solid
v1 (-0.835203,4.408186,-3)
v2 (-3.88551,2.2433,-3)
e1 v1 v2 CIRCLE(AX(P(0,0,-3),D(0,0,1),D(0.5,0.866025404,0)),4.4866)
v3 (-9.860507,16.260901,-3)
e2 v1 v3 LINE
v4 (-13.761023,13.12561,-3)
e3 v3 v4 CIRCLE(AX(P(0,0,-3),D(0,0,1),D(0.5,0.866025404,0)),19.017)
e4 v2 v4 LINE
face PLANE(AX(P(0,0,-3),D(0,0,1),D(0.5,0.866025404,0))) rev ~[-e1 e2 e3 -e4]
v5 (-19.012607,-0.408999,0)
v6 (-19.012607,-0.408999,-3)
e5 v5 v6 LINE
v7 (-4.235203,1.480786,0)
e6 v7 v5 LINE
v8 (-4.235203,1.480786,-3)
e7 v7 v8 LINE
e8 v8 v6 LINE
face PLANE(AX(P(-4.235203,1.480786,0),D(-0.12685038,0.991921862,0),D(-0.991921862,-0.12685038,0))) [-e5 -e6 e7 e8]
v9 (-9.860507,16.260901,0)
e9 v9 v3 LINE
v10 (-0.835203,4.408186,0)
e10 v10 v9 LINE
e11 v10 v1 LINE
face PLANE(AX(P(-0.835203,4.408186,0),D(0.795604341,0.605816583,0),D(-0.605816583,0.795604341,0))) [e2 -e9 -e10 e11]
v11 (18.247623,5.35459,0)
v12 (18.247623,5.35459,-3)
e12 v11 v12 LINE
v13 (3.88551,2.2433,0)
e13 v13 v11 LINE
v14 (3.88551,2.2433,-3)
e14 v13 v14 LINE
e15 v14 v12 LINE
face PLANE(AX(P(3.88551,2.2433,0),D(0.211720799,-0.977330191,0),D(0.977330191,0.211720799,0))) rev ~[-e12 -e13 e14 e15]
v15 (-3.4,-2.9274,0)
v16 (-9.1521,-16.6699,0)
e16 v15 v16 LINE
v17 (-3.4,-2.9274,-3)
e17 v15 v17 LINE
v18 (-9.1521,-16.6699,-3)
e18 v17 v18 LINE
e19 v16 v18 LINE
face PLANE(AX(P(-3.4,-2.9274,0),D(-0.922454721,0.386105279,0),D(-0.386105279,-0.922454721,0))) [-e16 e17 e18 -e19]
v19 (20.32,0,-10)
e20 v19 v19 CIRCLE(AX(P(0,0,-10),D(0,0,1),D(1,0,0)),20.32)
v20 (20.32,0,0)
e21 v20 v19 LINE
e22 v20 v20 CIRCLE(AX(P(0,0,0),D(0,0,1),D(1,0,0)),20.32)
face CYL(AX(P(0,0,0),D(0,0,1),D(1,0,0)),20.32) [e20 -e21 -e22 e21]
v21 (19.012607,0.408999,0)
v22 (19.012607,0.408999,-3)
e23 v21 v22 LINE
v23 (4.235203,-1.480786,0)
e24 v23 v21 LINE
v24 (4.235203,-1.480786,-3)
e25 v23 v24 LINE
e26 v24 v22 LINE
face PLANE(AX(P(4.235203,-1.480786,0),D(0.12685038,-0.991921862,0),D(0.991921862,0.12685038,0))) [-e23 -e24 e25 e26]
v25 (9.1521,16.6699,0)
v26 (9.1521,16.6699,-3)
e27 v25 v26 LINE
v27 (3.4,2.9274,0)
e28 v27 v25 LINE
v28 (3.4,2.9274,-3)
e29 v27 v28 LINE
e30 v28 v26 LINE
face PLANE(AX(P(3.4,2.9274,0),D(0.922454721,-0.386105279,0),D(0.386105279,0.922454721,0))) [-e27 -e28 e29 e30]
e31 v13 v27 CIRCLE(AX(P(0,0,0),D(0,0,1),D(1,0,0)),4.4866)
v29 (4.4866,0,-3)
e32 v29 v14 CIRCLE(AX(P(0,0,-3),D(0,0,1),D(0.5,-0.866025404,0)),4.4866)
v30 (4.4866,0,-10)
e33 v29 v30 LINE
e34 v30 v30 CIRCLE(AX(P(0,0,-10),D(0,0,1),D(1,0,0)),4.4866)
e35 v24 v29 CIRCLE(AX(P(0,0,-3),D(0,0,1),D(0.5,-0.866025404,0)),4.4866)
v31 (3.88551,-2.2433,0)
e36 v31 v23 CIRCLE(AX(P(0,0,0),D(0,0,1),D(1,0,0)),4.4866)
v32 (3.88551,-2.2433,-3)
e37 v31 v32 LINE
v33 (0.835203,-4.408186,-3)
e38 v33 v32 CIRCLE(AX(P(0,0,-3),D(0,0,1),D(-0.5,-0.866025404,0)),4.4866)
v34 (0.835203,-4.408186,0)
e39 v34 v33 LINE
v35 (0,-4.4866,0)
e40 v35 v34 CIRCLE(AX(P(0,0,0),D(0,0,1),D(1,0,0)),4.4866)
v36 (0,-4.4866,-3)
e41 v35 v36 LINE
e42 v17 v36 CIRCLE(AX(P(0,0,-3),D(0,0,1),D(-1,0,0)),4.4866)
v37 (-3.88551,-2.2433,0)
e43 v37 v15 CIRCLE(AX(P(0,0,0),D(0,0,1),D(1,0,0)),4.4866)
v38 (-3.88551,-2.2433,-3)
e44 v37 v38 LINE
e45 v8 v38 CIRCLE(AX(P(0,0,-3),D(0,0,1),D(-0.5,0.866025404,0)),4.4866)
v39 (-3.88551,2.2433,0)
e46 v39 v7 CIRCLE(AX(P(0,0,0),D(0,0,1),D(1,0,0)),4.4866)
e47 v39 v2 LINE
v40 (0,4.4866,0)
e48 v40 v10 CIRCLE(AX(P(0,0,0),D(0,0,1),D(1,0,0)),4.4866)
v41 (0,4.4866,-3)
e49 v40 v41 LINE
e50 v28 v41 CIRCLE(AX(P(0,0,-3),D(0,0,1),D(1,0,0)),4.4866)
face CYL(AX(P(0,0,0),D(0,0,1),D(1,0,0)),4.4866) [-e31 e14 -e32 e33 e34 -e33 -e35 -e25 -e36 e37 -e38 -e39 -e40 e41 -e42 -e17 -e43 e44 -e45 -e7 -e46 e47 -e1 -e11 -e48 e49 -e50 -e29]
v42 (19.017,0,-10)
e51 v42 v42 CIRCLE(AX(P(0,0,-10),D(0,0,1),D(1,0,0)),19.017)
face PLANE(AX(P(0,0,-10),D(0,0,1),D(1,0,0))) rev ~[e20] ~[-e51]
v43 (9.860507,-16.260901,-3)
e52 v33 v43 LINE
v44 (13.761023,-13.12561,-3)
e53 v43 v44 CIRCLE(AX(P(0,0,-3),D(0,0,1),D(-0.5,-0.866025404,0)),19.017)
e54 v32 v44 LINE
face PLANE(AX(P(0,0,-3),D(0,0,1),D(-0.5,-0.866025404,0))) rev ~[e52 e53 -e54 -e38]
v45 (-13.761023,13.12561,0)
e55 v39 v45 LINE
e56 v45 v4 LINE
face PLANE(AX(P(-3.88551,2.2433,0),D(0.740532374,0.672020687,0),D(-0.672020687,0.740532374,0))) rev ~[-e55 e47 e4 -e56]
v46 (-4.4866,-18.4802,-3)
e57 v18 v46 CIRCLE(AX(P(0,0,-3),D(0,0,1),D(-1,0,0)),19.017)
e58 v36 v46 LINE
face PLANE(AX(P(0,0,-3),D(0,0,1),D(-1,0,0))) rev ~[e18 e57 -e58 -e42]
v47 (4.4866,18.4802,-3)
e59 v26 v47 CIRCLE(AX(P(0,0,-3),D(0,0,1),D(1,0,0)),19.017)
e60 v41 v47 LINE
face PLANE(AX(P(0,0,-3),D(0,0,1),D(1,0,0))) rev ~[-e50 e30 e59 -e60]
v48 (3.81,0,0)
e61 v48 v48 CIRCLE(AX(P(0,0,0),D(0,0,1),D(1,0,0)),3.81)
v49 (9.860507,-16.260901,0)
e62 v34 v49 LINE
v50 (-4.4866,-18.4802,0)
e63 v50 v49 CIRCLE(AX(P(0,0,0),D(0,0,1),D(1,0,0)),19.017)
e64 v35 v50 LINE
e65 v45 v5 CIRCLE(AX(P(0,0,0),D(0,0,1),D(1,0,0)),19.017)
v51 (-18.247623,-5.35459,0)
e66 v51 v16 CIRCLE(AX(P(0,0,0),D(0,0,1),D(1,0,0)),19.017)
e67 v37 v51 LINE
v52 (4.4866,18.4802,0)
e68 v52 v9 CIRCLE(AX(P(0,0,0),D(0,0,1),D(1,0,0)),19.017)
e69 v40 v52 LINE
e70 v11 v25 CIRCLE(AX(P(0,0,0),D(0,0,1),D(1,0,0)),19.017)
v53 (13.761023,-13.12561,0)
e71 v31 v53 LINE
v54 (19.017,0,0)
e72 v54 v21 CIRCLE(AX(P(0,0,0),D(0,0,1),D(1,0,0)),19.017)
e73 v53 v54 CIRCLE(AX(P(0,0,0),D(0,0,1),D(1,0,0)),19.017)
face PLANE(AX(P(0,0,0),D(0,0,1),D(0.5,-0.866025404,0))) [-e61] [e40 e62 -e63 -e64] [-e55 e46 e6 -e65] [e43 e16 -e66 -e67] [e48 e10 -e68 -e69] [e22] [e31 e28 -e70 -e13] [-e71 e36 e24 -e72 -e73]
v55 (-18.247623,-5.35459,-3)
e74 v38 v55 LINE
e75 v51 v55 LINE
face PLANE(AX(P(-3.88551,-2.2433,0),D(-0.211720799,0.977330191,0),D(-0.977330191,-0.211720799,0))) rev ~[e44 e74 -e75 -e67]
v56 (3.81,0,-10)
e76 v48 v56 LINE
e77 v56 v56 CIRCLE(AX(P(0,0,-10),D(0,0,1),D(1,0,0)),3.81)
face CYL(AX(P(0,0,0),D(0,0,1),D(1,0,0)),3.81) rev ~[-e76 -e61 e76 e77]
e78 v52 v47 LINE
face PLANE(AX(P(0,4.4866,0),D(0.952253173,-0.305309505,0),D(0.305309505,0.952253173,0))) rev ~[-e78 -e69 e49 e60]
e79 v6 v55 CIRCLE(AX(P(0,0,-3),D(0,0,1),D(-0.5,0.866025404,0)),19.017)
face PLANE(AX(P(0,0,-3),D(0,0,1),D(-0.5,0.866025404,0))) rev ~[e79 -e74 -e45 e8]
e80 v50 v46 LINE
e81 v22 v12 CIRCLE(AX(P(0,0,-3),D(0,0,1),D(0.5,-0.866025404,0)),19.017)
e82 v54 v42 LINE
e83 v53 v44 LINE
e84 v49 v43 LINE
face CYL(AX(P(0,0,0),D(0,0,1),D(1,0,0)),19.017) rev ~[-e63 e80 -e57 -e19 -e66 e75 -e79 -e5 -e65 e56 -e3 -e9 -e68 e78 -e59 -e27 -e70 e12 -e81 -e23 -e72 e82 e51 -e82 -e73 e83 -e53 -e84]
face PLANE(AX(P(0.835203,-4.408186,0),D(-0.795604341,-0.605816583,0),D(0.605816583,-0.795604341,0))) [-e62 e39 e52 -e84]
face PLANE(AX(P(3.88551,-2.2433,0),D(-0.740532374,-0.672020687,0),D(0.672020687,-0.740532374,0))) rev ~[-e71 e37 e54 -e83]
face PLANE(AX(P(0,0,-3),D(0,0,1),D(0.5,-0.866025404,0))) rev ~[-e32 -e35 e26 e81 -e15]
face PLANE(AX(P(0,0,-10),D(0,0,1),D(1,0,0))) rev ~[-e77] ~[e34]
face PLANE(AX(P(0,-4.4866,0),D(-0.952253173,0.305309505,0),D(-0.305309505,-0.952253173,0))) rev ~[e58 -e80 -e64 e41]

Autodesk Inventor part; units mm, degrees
ref_plane "YZ Plane" through (0, 0, 0) normal (1, 0, 0) x (0, 1, 0)
ref_plane "XZ Plane" through (0, 0, 0) normal (0, 1, 0) x (-1, 0, 0)
sketch "Sketch1" plane through (0, 0, 0) normal (0, 0, 1) x (1, 0, 0)
  circle A0 centre (0, 0) radius 3.81
  circle A1 centre (0, 0) radius 4.4866
  circle A2 centre (0, 0) radius 20.32
  circle A3 centre (0, 0) radius 19.017
  dimension "d0" = 7.62
  dimension "d1" = 40.64
extrude "Extrusion1" add sketch "Sketch1" against normal blind 10
ref_plane "Work Plane1" through (0, 0, 0) normal (0, 0, 1) x (1, 0, 0)
sketch "Sketch2" plane through (0, 0, 0) normal (0, 0, 1) x (1, 0, 0)
  circle A0 centre (0, 0) radius 4.4866 projected
  circle A1 centre (0, 0) radius 19.017 projected
  line L0 (0, 4.4866) -> (4.4866, 18.4802)
  line L1 (3.4, 2.9274) -> (9.1521, 16.6699)
extrude "Extrusion2" add sketch "Sketch2" against normal blind 3 contours A0 L0 A1 L1 picked at (3.8455, 13.626)
pattern_circular "Circular Pattern1" count 6 over 360 about axis through (0, 0, 0) along (0, 0, -1) of "Extrusion2"
